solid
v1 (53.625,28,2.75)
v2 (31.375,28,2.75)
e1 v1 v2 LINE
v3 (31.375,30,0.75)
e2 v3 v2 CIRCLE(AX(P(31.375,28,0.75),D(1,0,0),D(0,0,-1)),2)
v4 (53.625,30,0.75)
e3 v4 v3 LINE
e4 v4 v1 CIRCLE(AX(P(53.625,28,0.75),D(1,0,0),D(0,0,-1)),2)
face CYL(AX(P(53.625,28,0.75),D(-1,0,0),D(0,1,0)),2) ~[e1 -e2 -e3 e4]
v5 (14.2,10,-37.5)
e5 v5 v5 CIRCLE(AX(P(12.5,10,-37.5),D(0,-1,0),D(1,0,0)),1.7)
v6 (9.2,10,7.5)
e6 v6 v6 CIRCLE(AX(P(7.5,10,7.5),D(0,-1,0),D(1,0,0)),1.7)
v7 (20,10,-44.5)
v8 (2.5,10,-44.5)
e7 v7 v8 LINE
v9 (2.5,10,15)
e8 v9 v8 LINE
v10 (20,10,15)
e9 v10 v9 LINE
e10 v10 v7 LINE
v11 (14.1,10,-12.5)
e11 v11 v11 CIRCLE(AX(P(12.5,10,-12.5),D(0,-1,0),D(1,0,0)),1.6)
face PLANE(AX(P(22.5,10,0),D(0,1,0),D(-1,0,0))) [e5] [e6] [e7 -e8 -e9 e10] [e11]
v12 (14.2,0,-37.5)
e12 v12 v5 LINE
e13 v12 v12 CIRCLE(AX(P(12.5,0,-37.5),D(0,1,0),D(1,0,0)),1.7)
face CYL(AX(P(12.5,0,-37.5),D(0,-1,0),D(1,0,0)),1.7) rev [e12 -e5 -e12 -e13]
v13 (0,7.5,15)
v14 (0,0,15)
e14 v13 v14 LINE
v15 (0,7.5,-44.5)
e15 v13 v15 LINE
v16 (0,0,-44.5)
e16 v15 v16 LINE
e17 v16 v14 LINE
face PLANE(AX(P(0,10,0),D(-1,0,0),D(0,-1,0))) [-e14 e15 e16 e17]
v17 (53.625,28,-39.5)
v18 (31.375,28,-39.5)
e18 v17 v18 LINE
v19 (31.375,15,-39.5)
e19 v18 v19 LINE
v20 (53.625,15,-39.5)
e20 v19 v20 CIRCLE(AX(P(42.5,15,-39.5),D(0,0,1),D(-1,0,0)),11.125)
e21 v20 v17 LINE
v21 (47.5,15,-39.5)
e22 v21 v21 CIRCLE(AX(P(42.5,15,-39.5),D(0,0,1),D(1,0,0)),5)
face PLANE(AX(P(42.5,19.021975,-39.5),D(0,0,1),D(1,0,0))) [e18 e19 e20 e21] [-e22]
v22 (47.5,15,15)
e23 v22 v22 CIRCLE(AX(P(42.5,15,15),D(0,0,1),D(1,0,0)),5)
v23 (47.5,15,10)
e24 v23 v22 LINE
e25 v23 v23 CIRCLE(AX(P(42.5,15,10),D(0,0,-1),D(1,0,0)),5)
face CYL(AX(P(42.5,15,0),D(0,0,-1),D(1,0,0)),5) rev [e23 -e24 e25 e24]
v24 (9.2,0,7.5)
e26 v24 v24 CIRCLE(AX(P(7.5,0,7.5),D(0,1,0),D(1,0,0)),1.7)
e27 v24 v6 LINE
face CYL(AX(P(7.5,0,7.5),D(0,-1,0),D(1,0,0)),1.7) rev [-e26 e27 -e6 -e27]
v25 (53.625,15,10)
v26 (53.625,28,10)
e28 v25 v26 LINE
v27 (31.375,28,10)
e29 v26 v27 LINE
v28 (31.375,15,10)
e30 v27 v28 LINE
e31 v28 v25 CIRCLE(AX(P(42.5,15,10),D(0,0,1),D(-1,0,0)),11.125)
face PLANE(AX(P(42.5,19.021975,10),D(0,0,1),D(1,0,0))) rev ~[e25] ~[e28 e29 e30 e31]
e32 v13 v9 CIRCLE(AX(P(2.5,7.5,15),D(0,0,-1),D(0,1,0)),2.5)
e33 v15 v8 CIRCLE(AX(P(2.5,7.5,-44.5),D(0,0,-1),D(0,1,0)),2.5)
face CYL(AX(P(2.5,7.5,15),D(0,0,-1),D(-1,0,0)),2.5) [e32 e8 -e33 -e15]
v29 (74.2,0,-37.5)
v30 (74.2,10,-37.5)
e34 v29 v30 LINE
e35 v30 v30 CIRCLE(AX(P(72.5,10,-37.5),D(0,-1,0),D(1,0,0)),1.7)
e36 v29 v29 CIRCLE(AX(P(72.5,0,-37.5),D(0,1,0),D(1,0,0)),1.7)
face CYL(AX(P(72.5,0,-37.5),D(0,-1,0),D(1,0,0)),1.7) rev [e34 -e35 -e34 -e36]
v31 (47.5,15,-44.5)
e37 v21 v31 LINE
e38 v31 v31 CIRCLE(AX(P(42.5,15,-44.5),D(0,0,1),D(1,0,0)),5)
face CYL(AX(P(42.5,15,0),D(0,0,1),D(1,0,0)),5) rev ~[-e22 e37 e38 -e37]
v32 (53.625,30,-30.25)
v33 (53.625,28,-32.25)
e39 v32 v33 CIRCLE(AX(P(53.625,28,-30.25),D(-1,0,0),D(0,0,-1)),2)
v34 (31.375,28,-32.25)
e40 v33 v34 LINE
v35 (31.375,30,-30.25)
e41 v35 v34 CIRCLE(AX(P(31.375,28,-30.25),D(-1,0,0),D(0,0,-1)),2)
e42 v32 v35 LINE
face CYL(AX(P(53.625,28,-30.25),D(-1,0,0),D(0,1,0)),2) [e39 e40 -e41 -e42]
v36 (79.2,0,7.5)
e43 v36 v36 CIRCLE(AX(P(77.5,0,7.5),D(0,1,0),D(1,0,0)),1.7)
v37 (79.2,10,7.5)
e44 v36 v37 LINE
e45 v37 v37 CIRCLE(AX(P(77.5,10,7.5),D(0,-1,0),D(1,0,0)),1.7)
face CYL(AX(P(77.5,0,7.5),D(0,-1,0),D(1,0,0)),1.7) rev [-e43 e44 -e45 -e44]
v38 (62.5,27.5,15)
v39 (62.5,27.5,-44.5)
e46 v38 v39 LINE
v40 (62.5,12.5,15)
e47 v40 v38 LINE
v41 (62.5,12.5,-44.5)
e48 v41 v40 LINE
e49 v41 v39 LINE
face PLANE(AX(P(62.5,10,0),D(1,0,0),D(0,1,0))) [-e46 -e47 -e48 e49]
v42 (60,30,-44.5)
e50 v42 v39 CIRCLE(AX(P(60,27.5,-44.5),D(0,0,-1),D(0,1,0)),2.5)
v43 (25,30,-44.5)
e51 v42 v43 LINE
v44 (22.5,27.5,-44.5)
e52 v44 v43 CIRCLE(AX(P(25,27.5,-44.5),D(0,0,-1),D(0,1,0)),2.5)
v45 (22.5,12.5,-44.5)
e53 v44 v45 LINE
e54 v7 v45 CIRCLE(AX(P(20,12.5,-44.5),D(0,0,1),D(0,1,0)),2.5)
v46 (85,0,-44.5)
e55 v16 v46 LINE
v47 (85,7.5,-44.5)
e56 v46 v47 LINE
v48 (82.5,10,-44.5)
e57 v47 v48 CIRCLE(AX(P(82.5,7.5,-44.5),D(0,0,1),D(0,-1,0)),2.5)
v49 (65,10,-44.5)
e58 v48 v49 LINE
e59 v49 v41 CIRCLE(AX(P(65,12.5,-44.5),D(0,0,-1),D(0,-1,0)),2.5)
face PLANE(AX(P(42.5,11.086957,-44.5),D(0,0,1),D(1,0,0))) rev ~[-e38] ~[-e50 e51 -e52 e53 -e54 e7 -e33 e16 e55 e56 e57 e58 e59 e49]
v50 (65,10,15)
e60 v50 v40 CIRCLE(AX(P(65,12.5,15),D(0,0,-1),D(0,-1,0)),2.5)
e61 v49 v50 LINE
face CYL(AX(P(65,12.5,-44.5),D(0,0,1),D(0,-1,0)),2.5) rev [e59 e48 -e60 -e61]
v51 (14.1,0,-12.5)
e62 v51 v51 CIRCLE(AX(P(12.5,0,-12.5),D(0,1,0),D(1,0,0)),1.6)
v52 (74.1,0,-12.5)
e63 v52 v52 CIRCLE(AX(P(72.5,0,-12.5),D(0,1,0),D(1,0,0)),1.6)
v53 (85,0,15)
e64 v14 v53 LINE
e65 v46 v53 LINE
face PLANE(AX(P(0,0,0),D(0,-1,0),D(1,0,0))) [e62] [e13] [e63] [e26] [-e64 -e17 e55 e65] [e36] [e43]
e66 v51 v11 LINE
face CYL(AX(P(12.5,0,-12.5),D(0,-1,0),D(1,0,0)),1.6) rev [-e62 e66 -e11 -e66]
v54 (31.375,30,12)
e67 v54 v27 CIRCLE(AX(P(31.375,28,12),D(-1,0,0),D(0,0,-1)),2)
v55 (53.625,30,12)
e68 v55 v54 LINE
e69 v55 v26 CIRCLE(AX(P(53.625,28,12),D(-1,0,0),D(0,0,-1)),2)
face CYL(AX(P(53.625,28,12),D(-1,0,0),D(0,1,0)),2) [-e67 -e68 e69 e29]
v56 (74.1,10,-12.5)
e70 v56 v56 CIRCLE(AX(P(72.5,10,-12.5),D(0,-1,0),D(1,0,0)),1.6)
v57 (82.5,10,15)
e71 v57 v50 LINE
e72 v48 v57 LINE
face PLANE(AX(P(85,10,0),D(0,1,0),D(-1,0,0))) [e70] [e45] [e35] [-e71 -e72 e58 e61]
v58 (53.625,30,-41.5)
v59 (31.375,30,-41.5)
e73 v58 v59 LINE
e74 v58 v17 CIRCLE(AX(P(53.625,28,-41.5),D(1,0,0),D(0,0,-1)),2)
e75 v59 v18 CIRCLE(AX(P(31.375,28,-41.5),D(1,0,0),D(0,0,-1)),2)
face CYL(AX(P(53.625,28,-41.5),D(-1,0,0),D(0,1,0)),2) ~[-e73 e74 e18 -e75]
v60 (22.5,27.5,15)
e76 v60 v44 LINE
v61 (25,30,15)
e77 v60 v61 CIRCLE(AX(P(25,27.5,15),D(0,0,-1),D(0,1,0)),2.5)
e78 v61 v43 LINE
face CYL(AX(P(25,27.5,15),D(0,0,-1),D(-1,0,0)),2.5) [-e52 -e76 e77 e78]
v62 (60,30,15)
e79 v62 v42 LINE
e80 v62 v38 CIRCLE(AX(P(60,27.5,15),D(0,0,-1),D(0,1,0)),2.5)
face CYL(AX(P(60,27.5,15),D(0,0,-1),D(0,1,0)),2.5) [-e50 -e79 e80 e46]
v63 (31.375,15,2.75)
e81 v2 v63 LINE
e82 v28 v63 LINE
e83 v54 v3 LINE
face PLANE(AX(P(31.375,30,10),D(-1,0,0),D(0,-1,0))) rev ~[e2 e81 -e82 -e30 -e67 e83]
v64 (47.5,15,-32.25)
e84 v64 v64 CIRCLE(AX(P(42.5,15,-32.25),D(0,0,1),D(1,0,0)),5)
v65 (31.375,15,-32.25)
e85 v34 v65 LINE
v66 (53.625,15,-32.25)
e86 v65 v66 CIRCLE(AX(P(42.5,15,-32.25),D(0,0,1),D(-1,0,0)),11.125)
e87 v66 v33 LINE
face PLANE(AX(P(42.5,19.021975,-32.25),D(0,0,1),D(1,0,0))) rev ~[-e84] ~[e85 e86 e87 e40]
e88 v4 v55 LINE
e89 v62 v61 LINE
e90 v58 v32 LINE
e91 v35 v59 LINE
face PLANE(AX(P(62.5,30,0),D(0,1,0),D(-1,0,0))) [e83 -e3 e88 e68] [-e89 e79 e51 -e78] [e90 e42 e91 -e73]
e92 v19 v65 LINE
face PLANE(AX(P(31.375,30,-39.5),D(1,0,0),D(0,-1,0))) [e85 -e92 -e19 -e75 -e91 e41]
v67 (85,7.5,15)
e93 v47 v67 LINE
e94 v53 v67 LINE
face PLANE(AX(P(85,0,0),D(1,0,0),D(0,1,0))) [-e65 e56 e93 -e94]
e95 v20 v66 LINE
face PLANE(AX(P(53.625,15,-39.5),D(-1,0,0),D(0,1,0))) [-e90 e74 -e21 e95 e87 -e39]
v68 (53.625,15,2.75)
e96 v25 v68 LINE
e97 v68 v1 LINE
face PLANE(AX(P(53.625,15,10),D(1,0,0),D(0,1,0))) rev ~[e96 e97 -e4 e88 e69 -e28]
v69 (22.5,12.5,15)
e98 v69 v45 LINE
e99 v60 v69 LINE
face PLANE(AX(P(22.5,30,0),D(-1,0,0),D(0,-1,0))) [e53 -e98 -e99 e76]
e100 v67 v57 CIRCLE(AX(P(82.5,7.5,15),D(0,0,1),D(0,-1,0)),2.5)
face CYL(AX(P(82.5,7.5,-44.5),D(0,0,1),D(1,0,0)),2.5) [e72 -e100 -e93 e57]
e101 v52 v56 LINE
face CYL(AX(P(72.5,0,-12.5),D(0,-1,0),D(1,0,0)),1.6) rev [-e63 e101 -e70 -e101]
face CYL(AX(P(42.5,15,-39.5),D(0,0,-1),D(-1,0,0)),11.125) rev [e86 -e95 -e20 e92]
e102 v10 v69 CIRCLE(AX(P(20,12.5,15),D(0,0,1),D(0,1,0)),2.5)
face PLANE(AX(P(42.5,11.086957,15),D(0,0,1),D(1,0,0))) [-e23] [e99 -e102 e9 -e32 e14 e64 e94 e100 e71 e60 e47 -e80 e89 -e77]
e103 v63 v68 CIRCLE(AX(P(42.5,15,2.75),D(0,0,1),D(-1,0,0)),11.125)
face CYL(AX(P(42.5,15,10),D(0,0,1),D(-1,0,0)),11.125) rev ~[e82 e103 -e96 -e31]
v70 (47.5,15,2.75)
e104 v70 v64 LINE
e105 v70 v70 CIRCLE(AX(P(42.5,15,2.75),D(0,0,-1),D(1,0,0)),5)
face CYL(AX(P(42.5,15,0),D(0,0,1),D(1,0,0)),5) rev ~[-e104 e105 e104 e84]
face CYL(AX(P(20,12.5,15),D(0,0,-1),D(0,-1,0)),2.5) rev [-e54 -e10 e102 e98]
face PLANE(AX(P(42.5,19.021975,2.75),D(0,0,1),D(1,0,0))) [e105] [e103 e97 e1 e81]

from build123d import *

# Parameters (mm, degrees)
SKETCH2_R                = 5
BOSS_EXTRUDE1_DEPTH      = 15
BOSS_EXTRUDE1_DEPTH_BACK = 44.5
SKETCH3_R                = 1.6
SKETCH3_R_2              = 1.7
CUT_EXTRUDE1_DEPTH       = 31
CUT_EXTRUDE1_DEPTH_BACK  = 1
FILLET1_R                = 2.5
CUT_EXTRUDE5_START       = 10
CUT_EXTRUDE5_DEPTH       = 7.25
CUT_EXTRUDE6_START       = -39.5
CUT_EXTRUDE6_DEPTH       = 7.25
FILLET2_R                = 2


with BuildPart() as part:
    # Sketch2 → Boss-Extrude1 (new body, two sides)
    with BuildSketch(Plane.XY) as boss_extrude1_sk:
        Polygon((0, 10), (0, 0), (85, 0), (85, 10), (62.5, 10), (62.5, 30), (22.5, 30), (22.5, 10), align=None)
        with Locations((42.5, 15)):
            Circle(SKETCH2_R, mode=Mode.SUBTRACT)
    extrude(amount=BOSS_EXTRUDE1_DEPTH)
    extrude(boss_extrude1_sk.sketch, amount=-BOSS_EXTRUDE1_DEPTH_BACK)

    # Sketch3 → Cut-Extrude1 (cut, two sides)
    with BuildSketch(Plane(origin=(0, 0, 0), x_dir=(1, 0, 0), z_dir=(0, 1, 0))) as cut_extrude1_sk:
        with Locations((72.5, 12.5)):
            Circle(SKETCH3_R)
        with Locations((12.5, 12.5)):
            Circle(SKETCH3_R)
        with Locations((7.5, -7.5)):
            Circle(SKETCH3_R_2)
        with Locations((77.5, -7.5)):
            Circle(SKETCH3_R_2)
        with Locations((12.5, 37.5)):
            Circle(SKETCH3_R_2)
        with Locations((72.5, 37.5)):
            Circle(SKETCH3_R_2)
    extrude(amount=CUT_EXTRUDE1_DEPTH, mode=Mode.SUBTRACT)
    extrude(cut_extrude1_sk.sketch, amount=-CUT_EXTRUDE1_DEPTH_BACK, mode=Mode.SUBTRACT)

    # Fillet1
    fillet1_edges = [part.edges().sort_by_distance(p)[0] for p in [
        (62.5, 30, -14.75),
        (62.5, 10, -14.75),
        (85, 10, -14.75),
        (0, 10, -14.75),
        (22.5, 10, -14.75),
        (22.5, 30, -14.75),
    ]]
    fillet(fillet1_edges, radius=FILLET1_R)

    # Sketch5 → Cut-Extrude5 (cut)
    with BuildSketch(Plane.XY.offset(CUT_EXTRUDE5_START)):
        with BuildLine():
            Line((31.375, 30), (31.375, 15))
            ThreePointArc((31.375, 15), (42.5, 3.875), (53.625, 15))
            Line((53.625, 15), (53.625, 30))
            Line((53.625, 30), (31.375, 30))
        make_face()
    extrude(amount=-CUT_EXTRUDE5_DEPTH, mode=Mode.SUBTRACT)

    # Sketch5<2> → Cut-Extrude6 (cut)
    with BuildSketch(Plane.XY.offset(CUT_EXTRUDE6_START)):
        with BuildLine():
            Line((31.375, 30), (31.375, 15))
            ThreePointArc((31.375, 15), (42.5, 3.875), (53.625, 15))
            Line((53.625, 15), (53.625, 30))
            Line((53.625, 30), (31.375, 30))
        make_face()
    extrude(amount=CUT_EXTRUDE6_DEPTH, mode=Mode.SUBTRACT)

    # Fillet2
    fillet2_edges = [part.edges().sort_by_distance(p)[0] for p in [
        (42.5, 30, 2.75),
        (42.5, 30, 10),
        (42.5, 30, -39.5),
        (42.5, 30, -32.25),
    ]]
    fillet(fillet2_edges, radius=FILLET2_R)


solid = part.part
